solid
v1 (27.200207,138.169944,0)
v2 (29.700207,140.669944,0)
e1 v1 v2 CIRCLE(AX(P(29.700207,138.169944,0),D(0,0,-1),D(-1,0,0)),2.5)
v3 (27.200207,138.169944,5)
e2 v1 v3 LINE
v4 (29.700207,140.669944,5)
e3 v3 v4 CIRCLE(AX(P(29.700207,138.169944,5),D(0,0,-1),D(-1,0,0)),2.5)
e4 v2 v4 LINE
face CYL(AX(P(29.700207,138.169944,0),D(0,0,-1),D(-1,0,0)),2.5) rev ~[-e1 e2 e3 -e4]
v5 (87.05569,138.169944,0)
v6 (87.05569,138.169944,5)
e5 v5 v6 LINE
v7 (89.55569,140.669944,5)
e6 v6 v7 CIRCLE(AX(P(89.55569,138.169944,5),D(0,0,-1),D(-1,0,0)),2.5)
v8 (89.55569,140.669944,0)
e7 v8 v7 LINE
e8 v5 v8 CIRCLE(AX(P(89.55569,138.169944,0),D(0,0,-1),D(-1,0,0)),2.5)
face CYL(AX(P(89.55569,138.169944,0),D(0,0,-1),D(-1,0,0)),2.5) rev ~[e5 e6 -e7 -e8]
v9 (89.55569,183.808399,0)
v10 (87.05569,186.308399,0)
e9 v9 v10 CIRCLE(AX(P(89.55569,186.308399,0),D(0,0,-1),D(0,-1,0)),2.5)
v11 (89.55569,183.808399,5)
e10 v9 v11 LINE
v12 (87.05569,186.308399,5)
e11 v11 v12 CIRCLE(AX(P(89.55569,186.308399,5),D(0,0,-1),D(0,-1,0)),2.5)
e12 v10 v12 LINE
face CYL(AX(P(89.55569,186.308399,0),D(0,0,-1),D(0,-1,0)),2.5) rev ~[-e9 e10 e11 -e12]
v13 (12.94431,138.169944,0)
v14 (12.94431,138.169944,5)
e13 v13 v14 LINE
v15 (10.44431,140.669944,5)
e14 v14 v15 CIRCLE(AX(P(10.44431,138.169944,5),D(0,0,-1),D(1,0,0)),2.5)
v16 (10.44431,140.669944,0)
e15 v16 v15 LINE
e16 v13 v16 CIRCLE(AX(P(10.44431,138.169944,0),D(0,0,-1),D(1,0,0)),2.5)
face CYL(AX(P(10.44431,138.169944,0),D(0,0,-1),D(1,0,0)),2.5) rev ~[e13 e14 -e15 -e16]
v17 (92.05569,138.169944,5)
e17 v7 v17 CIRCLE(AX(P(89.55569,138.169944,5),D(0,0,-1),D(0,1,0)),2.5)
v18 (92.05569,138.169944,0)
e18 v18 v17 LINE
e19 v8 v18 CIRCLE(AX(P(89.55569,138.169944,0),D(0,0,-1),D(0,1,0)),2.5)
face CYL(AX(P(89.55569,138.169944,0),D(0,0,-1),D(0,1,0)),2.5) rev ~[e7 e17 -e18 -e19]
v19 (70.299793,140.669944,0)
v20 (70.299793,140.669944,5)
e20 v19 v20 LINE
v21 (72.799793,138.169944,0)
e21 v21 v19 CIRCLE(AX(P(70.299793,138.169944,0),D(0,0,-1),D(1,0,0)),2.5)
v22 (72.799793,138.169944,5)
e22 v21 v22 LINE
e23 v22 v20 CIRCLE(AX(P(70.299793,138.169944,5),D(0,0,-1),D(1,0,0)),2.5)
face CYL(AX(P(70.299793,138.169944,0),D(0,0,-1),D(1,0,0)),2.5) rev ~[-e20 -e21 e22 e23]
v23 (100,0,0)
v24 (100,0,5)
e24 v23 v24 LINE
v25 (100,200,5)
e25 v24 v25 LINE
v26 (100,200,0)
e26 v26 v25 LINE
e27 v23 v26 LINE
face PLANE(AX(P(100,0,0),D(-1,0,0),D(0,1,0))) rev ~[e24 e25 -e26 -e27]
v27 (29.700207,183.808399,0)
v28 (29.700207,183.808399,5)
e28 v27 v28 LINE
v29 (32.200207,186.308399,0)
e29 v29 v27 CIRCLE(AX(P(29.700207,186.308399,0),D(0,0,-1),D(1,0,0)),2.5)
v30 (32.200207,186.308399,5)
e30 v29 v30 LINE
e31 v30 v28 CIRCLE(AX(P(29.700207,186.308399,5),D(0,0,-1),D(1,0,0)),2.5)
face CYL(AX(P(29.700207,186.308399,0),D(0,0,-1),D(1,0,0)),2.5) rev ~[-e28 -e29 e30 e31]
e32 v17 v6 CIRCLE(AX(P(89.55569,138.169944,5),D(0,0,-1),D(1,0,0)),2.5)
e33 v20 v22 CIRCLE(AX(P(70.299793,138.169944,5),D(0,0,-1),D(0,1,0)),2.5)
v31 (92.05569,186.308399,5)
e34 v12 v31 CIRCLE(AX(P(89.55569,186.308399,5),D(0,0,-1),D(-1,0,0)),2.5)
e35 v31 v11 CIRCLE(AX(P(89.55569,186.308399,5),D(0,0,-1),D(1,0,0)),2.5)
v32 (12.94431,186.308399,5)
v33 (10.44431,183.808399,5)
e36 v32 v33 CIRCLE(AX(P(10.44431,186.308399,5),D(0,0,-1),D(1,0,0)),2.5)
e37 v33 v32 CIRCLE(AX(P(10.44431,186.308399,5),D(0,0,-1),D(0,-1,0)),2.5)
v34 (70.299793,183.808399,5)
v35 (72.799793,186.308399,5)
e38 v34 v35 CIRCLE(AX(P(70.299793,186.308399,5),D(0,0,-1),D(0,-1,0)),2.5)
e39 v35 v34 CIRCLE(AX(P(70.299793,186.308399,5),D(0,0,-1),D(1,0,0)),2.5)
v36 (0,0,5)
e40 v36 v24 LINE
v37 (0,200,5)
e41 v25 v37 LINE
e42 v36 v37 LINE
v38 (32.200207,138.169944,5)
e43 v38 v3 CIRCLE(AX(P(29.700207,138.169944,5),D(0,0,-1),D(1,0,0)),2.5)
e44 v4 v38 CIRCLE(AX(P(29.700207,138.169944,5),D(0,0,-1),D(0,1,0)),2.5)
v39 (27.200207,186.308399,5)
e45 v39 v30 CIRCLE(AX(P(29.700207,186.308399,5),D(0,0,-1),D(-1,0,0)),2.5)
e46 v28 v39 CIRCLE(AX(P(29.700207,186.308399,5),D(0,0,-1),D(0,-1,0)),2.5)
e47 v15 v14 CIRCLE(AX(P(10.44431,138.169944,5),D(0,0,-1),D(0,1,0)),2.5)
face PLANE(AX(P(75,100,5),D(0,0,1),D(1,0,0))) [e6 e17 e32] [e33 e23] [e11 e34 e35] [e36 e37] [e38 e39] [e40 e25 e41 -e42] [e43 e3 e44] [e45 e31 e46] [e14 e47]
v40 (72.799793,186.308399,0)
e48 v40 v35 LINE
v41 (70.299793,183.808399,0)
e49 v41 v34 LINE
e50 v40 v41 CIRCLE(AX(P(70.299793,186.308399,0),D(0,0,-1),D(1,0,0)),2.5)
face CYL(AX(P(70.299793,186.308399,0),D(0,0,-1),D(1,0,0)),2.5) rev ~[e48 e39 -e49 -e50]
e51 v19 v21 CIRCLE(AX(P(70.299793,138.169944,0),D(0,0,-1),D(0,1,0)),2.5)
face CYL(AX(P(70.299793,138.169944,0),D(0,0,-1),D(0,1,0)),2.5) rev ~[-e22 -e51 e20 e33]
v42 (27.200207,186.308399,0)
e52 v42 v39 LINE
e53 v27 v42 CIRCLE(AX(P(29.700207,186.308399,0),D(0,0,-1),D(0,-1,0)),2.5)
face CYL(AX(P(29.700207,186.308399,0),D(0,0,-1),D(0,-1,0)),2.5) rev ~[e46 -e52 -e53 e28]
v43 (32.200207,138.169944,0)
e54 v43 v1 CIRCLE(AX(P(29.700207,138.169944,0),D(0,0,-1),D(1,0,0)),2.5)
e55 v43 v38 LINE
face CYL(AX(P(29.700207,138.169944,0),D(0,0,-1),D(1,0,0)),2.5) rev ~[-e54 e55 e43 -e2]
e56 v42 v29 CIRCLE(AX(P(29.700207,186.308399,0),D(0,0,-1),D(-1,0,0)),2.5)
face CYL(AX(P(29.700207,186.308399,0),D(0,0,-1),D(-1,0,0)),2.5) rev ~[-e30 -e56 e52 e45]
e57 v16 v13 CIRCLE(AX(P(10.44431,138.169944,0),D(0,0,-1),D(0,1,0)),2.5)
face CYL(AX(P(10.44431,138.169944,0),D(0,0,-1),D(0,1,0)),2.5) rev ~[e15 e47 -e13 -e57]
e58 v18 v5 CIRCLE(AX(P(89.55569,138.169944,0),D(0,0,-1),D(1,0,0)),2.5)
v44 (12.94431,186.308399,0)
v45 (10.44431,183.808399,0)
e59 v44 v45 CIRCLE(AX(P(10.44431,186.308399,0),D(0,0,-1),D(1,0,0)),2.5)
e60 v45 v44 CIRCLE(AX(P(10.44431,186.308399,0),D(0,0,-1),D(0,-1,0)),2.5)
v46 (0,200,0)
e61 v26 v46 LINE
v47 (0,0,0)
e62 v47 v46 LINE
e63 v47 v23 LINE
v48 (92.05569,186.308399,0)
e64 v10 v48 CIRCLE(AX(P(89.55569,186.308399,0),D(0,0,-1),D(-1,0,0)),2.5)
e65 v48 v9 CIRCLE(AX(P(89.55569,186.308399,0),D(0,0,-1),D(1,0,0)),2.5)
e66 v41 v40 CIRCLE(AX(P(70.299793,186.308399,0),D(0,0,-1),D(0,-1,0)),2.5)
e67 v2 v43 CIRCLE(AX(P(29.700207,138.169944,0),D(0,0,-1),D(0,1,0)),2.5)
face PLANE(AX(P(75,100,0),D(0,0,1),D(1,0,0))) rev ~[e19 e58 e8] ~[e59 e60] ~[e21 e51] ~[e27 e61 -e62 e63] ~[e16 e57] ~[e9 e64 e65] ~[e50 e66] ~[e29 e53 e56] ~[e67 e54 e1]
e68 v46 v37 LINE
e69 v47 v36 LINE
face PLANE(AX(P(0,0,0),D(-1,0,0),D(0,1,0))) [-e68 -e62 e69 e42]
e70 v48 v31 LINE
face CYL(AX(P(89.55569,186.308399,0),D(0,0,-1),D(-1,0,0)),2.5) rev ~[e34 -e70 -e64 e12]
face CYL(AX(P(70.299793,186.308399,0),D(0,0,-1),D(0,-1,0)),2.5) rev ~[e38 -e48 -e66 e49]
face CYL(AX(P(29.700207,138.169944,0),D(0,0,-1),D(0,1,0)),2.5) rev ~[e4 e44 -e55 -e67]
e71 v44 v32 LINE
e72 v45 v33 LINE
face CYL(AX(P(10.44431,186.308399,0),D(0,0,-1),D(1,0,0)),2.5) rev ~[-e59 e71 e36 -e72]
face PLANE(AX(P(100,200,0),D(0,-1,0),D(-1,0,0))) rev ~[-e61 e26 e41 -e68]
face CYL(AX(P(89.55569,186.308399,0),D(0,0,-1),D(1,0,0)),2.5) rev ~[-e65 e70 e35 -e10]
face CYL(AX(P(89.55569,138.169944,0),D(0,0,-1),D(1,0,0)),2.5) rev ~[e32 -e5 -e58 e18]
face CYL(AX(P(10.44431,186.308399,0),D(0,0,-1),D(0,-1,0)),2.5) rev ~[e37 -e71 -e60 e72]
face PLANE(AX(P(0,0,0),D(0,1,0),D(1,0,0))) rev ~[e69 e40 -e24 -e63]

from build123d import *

# Parameters (mm, degrees)
F0_W     = 50
F0_H     = 200
F1_DEPTH = 5


with BuildPart() as f1:
    # F0 (on Top) → F1 (new body)
    with BuildSketch(Plane.XY):
        with Locations((75, 100)):
            Rectangle(F0_W, F0_H)
        with BuildLine():
            Line((87.0556895062, 138.1699442863), (72.7997934073, 138.1699442863))
            ThreePointArc((72.7997934073, 138.1699442863), (68.5320264544, 136.4021773334), (70.2997934073, 140.6699442863))
            Line((70.2997934073, 140.6699442863), (70.2997934073, 183.8083988428))
            ThreePointArc((70.2997934073, 183.8083988428), (68.5320264544, 188.0761657958), (72.7997934073, 186.3083988428))
            Line((72.7997934073, 186.3083988428), (87.0556895062, 186.3083988428))
            ThreePointArc((87.0556895062, 186.3083988428), (89.5556895062, 188.8083988428), (92.0556895062, 186.3083988428))
            ThreePointArc((92.0556895062, 186.3083988428), (91.3234564592, 184.5406318898), (89.5556895062, 183.8083988428))
            Line((89.5556895062, 183.8083988428), (89.5556895062, 140.6699442863))
            ThreePointArc((89.5556895062, 140.6699442863), (91.3234564592, 139.9377112393), (92.0556895062, 138.1699442863))
            ThreePointArc((92.0556895062, 138.1699442863), (89.5556895062, 135.6699442863), (87.0556895062, 138.1699442863))
        make_face(mode=Mode.SUBTRACT)
        with Locations((25, 100)):
            Rectangle(F0_W, F0_H)
        with BuildLine():
            ThreePointArc((10.4443104938, 183.8083988428), (8.6765435408, 188.0761657958), (12.9443104938, 186.3083988428))
            Line((12.9443104938, 186.3083988428), (27.2002065927, 186.3083988428))
            ThreePointArc((27.2002065927, 186.3083988428), (29.7002065927, 188.8083988428), (32.2002065927, 186.3083988428))
            ThreePointArc((32.2002065927, 186.3083988428), (31.4679735456, 184.5406318898), (29.7002065927, 183.8083988428))
            Line((29.7002065927, 183.8083988428), (29.7002065927, 140.6699442863))
            ThreePointArc((29.7002065927, 140.6699442863), (31.4679735456, 139.9377112393), (32.2002065927, 138.1699442863))
            ThreePointArc((32.2002065927, 138.1699442863), (29.7002065927, 135.6699442863), (27.2002065927, 138.1699442863))
            Line((27.2002065927, 138.1699442863), (12.9443104938, 138.1699442863))
            ThreePointArc((12.9443104938, 138.1699442863), (8.6765435408, 136.4021773334), (10.4443104938, 140.6699442863))
            Line((10.4443104938, 140.6699442863), (10.4443104938, 183.8083988428))
        make_face(mode=Mode.SUBTRACT)
        with BuildLine():
            Line((27.2002065927, 186.3083988428), (12.9443104938, 186.3083988428))
            ThreePointArc((12.9443104938, 186.3083988428), (12.2120774467, 184.5406318898), (10.4443104938, 183.8083988428))
            Line((10.4443104938, 183.8083988428), (10.4443104938, 140.6699442863))
            ThreePointArc((10.4443104938, 140.6699442863), (12.2120774467, 139.9377112393), (12.9443104938, 138.1699442863))
            Line((12.9443104938, 138.1699442863), (27.2002065927, 138.1699442863))
            ThreePointArc((27.2002065927, 138.1699442863), (27.9324396397, 139.9377112393), (29.7002065927, 140.6699442863))
            Line((29.7002065927, 140.6699442863), (29.7002065927, 183.8083988428))
            ThreePointArc((29.7002065927, 183.8083988428), (27.9324396397, 184.5406318898), (27.2002065927, 186.3083988428))
        make_face()
        with BuildLine():
            ThreePointArc((70.2997934073, 140.6699442863), (72.0675603603, 139.9377112393), (72.7997934073, 138.1699442863))
            Line((72.7997934073, 138.1699442863), (87.0556895062, 138.1699442863))
            ThreePointArc((87.0556895062, 138.1699442863), (87.7879225533, 139.9377112393), (89.5556895062, 140.6699442863))
            Line((89.5556895062, 140.6699442863), (89.5556895062, 183.8083988428))
            ThreePointArc((89.5556895062, 183.8083988428), (87.7879225533, 184.5406318898), (87.0556895062, 186.3083988428))
            Line((87.0556895062, 186.3083988428), (72.7997934073, 186.3083988428))
            ThreePointArc((72.7997934073, 186.3083988428), (72.0675603603, 184.5406318898), (70.2997934073, 183.8083988428))
            Line((70.2997934073, 183.8083988428), (70.2997934073, 140.6699442863))
        make_face()
    extrude(amount=F1_DEPTH)


solid = f1.part
